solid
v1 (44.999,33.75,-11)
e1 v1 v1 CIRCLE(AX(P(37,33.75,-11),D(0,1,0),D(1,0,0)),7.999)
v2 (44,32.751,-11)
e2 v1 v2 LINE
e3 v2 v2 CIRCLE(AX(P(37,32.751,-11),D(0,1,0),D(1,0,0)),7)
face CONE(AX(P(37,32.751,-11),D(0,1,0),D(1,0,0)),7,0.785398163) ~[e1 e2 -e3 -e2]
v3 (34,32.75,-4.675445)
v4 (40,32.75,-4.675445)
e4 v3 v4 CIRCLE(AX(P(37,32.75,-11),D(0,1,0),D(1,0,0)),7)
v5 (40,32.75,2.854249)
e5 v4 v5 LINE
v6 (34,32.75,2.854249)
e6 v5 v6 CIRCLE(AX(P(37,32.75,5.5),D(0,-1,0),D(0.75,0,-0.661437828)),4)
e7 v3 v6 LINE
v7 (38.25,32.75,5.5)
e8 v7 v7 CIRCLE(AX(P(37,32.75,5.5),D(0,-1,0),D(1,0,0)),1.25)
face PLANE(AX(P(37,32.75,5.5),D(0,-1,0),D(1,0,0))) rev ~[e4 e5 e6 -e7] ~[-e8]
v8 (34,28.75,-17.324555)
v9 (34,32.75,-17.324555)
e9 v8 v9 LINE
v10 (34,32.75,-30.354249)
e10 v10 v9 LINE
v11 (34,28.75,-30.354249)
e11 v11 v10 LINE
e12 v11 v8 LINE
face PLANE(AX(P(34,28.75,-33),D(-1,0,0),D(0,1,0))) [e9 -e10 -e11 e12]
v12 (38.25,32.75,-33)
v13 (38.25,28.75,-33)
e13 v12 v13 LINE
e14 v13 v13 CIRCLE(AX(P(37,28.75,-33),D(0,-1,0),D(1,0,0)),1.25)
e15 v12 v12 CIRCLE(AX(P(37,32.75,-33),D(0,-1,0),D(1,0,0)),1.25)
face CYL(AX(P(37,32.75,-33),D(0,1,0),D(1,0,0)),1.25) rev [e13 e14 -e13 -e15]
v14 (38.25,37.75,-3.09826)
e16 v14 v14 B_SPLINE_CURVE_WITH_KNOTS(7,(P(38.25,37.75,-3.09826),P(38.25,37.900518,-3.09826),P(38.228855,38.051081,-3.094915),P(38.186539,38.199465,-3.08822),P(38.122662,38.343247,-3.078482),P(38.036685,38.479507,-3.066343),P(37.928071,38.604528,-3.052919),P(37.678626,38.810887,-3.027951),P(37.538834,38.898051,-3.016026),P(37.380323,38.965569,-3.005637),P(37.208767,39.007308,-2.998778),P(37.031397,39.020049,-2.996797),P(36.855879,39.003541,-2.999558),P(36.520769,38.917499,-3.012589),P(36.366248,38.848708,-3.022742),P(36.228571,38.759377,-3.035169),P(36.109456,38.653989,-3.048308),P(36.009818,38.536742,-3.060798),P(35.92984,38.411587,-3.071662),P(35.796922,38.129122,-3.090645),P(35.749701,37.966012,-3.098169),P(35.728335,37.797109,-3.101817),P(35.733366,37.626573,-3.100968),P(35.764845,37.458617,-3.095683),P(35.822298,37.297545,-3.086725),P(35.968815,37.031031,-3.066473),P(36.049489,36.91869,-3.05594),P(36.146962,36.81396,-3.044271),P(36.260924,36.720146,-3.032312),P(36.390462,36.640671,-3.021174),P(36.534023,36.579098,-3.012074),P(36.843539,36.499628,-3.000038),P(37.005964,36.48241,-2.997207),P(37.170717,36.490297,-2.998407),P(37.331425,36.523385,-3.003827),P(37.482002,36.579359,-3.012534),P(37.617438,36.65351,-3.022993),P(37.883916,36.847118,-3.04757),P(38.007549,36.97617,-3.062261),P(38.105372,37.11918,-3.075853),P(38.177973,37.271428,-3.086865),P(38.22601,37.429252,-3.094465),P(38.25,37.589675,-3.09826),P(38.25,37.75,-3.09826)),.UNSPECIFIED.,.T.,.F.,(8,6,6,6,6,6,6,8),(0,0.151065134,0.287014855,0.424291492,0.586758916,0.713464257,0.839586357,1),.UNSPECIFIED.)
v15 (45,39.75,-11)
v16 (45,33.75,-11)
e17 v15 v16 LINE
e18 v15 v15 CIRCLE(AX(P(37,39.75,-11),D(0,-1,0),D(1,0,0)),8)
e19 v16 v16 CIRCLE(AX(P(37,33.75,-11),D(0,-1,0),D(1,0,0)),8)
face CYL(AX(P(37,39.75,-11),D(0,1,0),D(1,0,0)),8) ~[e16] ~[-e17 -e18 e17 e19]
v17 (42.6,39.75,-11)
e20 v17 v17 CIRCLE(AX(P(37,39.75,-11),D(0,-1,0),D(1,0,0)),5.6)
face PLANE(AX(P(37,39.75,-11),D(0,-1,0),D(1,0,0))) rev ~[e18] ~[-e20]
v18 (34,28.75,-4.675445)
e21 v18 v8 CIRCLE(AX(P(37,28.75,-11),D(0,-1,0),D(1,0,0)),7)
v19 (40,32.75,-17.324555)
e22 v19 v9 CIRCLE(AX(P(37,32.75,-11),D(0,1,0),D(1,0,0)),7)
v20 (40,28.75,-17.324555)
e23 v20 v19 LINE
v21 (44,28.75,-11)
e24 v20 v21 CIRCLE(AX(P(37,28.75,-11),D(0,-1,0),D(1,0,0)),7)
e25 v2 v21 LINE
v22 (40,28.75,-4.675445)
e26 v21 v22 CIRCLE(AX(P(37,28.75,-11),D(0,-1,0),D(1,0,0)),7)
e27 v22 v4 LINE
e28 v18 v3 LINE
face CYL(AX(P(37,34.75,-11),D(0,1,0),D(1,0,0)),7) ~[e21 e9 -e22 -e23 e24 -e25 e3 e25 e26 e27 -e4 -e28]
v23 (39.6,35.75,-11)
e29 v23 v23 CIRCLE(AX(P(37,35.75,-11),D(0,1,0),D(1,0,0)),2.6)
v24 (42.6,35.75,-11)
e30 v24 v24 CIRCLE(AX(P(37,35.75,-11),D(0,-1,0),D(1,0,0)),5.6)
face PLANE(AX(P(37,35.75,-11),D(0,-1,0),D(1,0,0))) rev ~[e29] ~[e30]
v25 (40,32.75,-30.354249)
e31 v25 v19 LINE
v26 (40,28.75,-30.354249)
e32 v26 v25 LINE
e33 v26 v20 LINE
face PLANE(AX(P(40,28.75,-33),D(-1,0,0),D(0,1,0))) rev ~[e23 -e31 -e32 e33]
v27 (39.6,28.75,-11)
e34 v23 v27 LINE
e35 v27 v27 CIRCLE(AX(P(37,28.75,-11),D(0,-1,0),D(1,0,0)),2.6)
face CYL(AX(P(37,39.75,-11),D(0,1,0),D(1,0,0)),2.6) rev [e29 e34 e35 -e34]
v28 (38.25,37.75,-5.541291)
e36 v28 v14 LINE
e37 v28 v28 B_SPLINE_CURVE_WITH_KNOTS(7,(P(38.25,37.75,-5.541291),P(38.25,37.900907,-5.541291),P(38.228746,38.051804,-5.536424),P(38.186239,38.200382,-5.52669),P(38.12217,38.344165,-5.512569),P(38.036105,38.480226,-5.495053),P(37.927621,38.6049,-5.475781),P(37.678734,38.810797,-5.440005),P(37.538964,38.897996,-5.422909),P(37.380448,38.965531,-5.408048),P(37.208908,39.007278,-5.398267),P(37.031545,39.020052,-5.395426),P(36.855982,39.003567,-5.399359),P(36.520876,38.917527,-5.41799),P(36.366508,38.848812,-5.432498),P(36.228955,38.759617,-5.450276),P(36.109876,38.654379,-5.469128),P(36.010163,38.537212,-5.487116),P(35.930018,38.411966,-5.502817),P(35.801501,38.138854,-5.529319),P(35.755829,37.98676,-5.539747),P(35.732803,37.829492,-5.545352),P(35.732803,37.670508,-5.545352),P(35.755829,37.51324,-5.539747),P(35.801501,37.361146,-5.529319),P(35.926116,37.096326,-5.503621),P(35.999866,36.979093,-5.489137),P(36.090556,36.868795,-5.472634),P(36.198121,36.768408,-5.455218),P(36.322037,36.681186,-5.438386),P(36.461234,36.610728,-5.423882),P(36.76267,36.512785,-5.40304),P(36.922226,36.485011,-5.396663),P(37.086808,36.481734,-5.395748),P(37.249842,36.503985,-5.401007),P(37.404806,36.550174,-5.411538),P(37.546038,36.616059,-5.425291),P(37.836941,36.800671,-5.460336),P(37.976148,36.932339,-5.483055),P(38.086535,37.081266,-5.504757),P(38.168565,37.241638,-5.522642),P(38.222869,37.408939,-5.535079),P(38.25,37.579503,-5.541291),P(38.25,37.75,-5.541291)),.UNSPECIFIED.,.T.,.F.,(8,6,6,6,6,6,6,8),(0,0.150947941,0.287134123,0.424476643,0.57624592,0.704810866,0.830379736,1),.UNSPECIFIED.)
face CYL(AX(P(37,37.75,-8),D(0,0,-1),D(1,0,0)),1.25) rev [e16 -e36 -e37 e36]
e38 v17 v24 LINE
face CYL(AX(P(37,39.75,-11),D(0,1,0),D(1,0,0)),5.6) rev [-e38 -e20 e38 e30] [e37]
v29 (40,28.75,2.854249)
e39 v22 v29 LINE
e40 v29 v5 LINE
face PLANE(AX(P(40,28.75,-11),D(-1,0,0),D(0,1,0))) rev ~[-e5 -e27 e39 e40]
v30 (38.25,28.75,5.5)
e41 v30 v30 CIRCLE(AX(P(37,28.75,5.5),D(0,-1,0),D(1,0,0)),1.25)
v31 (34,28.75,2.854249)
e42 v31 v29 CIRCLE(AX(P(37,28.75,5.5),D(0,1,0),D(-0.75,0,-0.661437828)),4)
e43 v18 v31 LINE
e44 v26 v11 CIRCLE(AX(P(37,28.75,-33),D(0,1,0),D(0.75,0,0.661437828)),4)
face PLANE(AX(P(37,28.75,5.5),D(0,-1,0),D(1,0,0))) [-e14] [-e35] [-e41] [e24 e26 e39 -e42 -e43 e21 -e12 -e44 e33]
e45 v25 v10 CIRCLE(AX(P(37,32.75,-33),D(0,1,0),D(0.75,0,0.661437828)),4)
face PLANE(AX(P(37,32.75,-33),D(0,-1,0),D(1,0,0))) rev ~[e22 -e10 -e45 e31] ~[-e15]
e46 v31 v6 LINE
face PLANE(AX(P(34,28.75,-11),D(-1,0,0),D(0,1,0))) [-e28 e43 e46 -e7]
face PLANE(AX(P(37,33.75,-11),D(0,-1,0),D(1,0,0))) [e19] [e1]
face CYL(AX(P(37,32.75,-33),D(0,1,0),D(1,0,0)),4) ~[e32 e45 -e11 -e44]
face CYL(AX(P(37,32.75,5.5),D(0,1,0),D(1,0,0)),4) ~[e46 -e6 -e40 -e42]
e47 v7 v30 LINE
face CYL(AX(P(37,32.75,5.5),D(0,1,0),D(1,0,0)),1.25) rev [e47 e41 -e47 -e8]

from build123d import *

# Parameters (mm, degrees)
CYLINDER975_R          = 1.25
CYLINDER975_DEPTH      = 4
CYLINDER975_ROLL_ANGLE = 90
CYLINDER979_R          = 1.25
CYLINDER979_DEPTH      = 7
CYLINDER977_R          = 2.6
CYLINDER977_DEPTH      = 11
CYLINDER977_ROLL_ANGLE = 90
CYLINDER981_R          = 1.25
CYLINDER981_DEPTH      = 4
CYLINDER981_ROLL_ANGLE = 90
CYLINDER976_R          = 5.6
CYLINDER976_DEPTH      = 4
CYLINDER976_ROLL_ANGLE = 90
CYLINDER978_R          = 8
CYLINDER978_DEPTH      = 6
CYLINDER978_ROLL_ANGLE = 90
BOX566_W               = 6
BOX566_H               = 4
BOX566_DEPTH           = 16.5
CYLINDER973_R          = 7
CYLINDER973_DEPTH      = 6
CYLINDER973_ROLL_ANGLE = 90
BOX565_W               = 6
BOX565_H               = 4
BOX565_DEPTH           = 22
CYLINDER980_R          = 4
CYLINDER980_DEPTH      = 4
CYLINDER980_ROLL_ANGLE = 90
CYLINDER974_R          = 4
CYLINDER974_DEPTH      = 4
CYLINDER974_ROLL_ANGLE = 90
CHAMFER106_SIZE        = 0.999


with BuildPart() as cylinder1154:
    # Cylinder975 → Cylinder975 (new body)
    with BuildSketch(Plane.XY):
        Circle(CYLINDER975_R)
    extrude(amount=CYLINDER975_DEPTH)


with BuildPart() as cylinder1154_1:
    # Cylinder975 roll: moved
    add(cylinder1154.part.rotate(Axis((0, 0, 0), (1, 0, 0)), CYLINDER975_ROLL_ANGLE))


with BuildPart() as cylinder1154_2:
    # Cylinder975 placement: moved
    add(cylinder1154_1.part.moved(Location((37, 32.75, -33))))


with BuildPart() as cylinder1158:
    # Cylinder979 → Cylinder979 (new body)
    with BuildSketch(Plane(origin=(37, 37.75, -8), x_dir=(1, 0, 0), z_dir=(0, 0, 1))):
        Circle(CYLINDER979_R)
    extrude(amount=CYLINDER979_DEPTH)


with BuildPart() as cylinder1156:
    # Cylinder977 → Cylinder977 (new body)
    with BuildSketch(Plane.XY):
        Circle(CYLINDER977_R)
    extrude(amount=CYLINDER977_DEPTH)


with BuildPart() as cylinder1156_1:
    # Cylinder977 roll: moved
    add(cylinder1156.part.rotate(Axis((0, 0, 0), (1, 0, 0)), CYLINDER977_ROLL_ANGLE))


with BuildPart() as cylinder1156_2:
    # Cylinder977 placement: moved
    add(cylinder1156_1.part.moved(Location((37, 39.75, -11))))


with BuildPart() as cylinder1160:
    # Cylinder981 → Cylinder981 (new body)
    with BuildSketch(Plane.XY):
        Circle(CYLINDER981_R)
    extrude(amount=CYLINDER981_DEPTH)


with BuildPart() as cylinder1160_1:
    # Cylinder981 roll: moved
    add(cylinder1160.part.rotate(Axis((0, 0, 0), (1, 0, 0)), CYLINDER981_ROLL_ANGLE))


with BuildPart() as cylinder1160_2:
    # Cylinder981 placement: moved
    add(cylinder1160_1.part.moved(Location((37, 32.75, 5.5))))


with BuildPart() as fusion612:
    # Cylinder976 → Cylinder976 (new body)
    with BuildSketch(Plane.XY):
        Circle(CYLINDER976_R)
    extrude(amount=CYLINDER976_DEPTH)


with BuildPart() as fusion612_1:
    # Cylinder976 roll: moved
    add(fusion612.part.rotate(Axis((0, 0, 0), (1, 0, 0)), CYLINDER976_ROLL_ANGLE))


with BuildPart() as fusion612_2:
    # Cylinder976 placement: moved
    add(fusion612_1.part.moved(Location((37, 39.75, -11))))

    # Fusion612: union Cylinder1154, Cylinder1158, Cylinder1156, Cylinder1160
    add(cylinder1154_2.part)
    add(cylinder1158.part)
    add(cylinder1156_2.part)
    add(cylinder1160_2.part)


with BuildPart() as cylinder1157:
    # Cylinder978 → Cylinder978 (new body)
    with BuildSketch(Plane.XY):
        Circle(CYLINDER978_R)
    extrude(amount=CYLINDER978_DEPTH)


with BuildPart() as cylinder1157_1:
    # Cylinder978 roll: moved
    add(cylinder1157.part.rotate(Axis((0, 0, 0), (1, 0, 0)), CYLINDER978_ROLL_ANGLE))


with BuildPart() as cylinder1157_2:
    # Cylinder978 placement: moved
    add(cylinder1157_1.part.moved(Location((37, 39.75, -11))))


with BuildPart() as cube757:
    # Box566 → Box566 (new body)
    with BuildSketch(Plane(origin=(34, 33.75, -11), x_dir=(1, 0, 0), z_dir=(0, 0, 1))):
        with Locations((3, 2)):
            Rectangle(BOX566_W, BOX566_H)
    extrude(amount=BOX566_DEPTH)


with BuildPart() as cylinder1152:
    # Cylinder973 → Cylinder973 (new body)
    with BuildSketch(Plane.XY):
        Circle(CYLINDER973_R)
    extrude(amount=CYLINDER973_DEPTH)


with BuildPart() as cylinder1152_1:
    # Cylinder973 roll: moved
    add(cylinder1152.part.rotate(Axis((0, 0, 0), (1, 0, 0)), CYLINDER973_ROLL_ANGLE))


with BuildPart() as cylinder1152_2:
    # Cylinder973 placement: moved
    add(cylinder1152_1.part.moved(Location((37, 39.75, -11))))


with BuildPart() as cube756:
    # Box565 → Box565 (new body)
    with BuildSketch(Plane(origin=(34, 33.75, -33), x_dir=(1, 0, 0), z_dir=(0, 0, 1))):
        with Locations((3, 2)):
            Rectangle(BOX565_W, BOX565_H)
    extrude(amount=BOX565_DEPTH)


with BuildPart() as cylinder1159:
    # Cylinder980 → Cylinder980 (new body)
    with BuildSketch(Plane.XY):
        Circle(CYLINDER980_R)
    extrude(amount=CYLINDER980_DEPTH)


with BuildPart() as cylinder1159_1:
    # Cylinder980 roll: moved
    add(cylinder1159.part.rotate(Axis((0, 0, 0), (1, 0, 0)), CYLINDER980_ROLL_ANGLE))


with BuildPart() as cylinder1159_2:
    # Cylinder980 placement: moved
    add(cylinder1159_1.part.moved(Location((37, 37.75, 5.5))))


with BuildPart() as front_axle_steering_arm_with_rear_link:
    # Cylinder974 → Cylinder974 (new body)
    with BuildSketch(Plane.XY):
        Circle(CYLINDER974_R)
    extrude(amount=CYLINDER974_DEPTH)


with BuildPart() as front_axle_steering_arm_with_rear_link_1:
    # Cylinder974 roll: moved
    add(front_axle_steering_arm_with_rear_link.part.rotate(Axis((0, 0, 0), (1, 0, 0)), CYLINDER974_ROLL_ANGLE))


with BuildPart() as front_axle_steering_arm_with_rear_link_2:
    # Cylinder974 placement: moved
    add(front_axle_steering_arm_with_rear_link_1.part.moved(Location((37, 37.75, -33))))

    # Fusion611: union Cube757, Cylinder1152, Cube756, Cylinder1159
    add(cube757.part)
    add(cylinder1152_2.part)
    add(cube756.part)
    add(cylinder1159_2.part)


with BuildPart() as front_axle_steering_arm_with_rear_link_3:
    # Fusion611 placement: moved
    add(front_axle_steering_arm_with_rear_link_2.part.moved(Location((0, -5, 0))))

    # Fusion613: union Cylinder1157
    add(cylinder1157_2.part)

    # Cut702: cut Fusion612
    add(fusion612_2.part, mode=Mode.SUBTRACT)

    # Chamfer106
    chamfer106_edges = [front_axle_steering_arm_with_rear_link_3.edges().sort_by_distance(p)[0] for p in [
        (30, 33.75, -11),
    ]]
    chamfer(chamfer106_edges, length=CHAMFER106_SIZE)


solid = front_axle_steering_arm_with_rear_link_3.part
